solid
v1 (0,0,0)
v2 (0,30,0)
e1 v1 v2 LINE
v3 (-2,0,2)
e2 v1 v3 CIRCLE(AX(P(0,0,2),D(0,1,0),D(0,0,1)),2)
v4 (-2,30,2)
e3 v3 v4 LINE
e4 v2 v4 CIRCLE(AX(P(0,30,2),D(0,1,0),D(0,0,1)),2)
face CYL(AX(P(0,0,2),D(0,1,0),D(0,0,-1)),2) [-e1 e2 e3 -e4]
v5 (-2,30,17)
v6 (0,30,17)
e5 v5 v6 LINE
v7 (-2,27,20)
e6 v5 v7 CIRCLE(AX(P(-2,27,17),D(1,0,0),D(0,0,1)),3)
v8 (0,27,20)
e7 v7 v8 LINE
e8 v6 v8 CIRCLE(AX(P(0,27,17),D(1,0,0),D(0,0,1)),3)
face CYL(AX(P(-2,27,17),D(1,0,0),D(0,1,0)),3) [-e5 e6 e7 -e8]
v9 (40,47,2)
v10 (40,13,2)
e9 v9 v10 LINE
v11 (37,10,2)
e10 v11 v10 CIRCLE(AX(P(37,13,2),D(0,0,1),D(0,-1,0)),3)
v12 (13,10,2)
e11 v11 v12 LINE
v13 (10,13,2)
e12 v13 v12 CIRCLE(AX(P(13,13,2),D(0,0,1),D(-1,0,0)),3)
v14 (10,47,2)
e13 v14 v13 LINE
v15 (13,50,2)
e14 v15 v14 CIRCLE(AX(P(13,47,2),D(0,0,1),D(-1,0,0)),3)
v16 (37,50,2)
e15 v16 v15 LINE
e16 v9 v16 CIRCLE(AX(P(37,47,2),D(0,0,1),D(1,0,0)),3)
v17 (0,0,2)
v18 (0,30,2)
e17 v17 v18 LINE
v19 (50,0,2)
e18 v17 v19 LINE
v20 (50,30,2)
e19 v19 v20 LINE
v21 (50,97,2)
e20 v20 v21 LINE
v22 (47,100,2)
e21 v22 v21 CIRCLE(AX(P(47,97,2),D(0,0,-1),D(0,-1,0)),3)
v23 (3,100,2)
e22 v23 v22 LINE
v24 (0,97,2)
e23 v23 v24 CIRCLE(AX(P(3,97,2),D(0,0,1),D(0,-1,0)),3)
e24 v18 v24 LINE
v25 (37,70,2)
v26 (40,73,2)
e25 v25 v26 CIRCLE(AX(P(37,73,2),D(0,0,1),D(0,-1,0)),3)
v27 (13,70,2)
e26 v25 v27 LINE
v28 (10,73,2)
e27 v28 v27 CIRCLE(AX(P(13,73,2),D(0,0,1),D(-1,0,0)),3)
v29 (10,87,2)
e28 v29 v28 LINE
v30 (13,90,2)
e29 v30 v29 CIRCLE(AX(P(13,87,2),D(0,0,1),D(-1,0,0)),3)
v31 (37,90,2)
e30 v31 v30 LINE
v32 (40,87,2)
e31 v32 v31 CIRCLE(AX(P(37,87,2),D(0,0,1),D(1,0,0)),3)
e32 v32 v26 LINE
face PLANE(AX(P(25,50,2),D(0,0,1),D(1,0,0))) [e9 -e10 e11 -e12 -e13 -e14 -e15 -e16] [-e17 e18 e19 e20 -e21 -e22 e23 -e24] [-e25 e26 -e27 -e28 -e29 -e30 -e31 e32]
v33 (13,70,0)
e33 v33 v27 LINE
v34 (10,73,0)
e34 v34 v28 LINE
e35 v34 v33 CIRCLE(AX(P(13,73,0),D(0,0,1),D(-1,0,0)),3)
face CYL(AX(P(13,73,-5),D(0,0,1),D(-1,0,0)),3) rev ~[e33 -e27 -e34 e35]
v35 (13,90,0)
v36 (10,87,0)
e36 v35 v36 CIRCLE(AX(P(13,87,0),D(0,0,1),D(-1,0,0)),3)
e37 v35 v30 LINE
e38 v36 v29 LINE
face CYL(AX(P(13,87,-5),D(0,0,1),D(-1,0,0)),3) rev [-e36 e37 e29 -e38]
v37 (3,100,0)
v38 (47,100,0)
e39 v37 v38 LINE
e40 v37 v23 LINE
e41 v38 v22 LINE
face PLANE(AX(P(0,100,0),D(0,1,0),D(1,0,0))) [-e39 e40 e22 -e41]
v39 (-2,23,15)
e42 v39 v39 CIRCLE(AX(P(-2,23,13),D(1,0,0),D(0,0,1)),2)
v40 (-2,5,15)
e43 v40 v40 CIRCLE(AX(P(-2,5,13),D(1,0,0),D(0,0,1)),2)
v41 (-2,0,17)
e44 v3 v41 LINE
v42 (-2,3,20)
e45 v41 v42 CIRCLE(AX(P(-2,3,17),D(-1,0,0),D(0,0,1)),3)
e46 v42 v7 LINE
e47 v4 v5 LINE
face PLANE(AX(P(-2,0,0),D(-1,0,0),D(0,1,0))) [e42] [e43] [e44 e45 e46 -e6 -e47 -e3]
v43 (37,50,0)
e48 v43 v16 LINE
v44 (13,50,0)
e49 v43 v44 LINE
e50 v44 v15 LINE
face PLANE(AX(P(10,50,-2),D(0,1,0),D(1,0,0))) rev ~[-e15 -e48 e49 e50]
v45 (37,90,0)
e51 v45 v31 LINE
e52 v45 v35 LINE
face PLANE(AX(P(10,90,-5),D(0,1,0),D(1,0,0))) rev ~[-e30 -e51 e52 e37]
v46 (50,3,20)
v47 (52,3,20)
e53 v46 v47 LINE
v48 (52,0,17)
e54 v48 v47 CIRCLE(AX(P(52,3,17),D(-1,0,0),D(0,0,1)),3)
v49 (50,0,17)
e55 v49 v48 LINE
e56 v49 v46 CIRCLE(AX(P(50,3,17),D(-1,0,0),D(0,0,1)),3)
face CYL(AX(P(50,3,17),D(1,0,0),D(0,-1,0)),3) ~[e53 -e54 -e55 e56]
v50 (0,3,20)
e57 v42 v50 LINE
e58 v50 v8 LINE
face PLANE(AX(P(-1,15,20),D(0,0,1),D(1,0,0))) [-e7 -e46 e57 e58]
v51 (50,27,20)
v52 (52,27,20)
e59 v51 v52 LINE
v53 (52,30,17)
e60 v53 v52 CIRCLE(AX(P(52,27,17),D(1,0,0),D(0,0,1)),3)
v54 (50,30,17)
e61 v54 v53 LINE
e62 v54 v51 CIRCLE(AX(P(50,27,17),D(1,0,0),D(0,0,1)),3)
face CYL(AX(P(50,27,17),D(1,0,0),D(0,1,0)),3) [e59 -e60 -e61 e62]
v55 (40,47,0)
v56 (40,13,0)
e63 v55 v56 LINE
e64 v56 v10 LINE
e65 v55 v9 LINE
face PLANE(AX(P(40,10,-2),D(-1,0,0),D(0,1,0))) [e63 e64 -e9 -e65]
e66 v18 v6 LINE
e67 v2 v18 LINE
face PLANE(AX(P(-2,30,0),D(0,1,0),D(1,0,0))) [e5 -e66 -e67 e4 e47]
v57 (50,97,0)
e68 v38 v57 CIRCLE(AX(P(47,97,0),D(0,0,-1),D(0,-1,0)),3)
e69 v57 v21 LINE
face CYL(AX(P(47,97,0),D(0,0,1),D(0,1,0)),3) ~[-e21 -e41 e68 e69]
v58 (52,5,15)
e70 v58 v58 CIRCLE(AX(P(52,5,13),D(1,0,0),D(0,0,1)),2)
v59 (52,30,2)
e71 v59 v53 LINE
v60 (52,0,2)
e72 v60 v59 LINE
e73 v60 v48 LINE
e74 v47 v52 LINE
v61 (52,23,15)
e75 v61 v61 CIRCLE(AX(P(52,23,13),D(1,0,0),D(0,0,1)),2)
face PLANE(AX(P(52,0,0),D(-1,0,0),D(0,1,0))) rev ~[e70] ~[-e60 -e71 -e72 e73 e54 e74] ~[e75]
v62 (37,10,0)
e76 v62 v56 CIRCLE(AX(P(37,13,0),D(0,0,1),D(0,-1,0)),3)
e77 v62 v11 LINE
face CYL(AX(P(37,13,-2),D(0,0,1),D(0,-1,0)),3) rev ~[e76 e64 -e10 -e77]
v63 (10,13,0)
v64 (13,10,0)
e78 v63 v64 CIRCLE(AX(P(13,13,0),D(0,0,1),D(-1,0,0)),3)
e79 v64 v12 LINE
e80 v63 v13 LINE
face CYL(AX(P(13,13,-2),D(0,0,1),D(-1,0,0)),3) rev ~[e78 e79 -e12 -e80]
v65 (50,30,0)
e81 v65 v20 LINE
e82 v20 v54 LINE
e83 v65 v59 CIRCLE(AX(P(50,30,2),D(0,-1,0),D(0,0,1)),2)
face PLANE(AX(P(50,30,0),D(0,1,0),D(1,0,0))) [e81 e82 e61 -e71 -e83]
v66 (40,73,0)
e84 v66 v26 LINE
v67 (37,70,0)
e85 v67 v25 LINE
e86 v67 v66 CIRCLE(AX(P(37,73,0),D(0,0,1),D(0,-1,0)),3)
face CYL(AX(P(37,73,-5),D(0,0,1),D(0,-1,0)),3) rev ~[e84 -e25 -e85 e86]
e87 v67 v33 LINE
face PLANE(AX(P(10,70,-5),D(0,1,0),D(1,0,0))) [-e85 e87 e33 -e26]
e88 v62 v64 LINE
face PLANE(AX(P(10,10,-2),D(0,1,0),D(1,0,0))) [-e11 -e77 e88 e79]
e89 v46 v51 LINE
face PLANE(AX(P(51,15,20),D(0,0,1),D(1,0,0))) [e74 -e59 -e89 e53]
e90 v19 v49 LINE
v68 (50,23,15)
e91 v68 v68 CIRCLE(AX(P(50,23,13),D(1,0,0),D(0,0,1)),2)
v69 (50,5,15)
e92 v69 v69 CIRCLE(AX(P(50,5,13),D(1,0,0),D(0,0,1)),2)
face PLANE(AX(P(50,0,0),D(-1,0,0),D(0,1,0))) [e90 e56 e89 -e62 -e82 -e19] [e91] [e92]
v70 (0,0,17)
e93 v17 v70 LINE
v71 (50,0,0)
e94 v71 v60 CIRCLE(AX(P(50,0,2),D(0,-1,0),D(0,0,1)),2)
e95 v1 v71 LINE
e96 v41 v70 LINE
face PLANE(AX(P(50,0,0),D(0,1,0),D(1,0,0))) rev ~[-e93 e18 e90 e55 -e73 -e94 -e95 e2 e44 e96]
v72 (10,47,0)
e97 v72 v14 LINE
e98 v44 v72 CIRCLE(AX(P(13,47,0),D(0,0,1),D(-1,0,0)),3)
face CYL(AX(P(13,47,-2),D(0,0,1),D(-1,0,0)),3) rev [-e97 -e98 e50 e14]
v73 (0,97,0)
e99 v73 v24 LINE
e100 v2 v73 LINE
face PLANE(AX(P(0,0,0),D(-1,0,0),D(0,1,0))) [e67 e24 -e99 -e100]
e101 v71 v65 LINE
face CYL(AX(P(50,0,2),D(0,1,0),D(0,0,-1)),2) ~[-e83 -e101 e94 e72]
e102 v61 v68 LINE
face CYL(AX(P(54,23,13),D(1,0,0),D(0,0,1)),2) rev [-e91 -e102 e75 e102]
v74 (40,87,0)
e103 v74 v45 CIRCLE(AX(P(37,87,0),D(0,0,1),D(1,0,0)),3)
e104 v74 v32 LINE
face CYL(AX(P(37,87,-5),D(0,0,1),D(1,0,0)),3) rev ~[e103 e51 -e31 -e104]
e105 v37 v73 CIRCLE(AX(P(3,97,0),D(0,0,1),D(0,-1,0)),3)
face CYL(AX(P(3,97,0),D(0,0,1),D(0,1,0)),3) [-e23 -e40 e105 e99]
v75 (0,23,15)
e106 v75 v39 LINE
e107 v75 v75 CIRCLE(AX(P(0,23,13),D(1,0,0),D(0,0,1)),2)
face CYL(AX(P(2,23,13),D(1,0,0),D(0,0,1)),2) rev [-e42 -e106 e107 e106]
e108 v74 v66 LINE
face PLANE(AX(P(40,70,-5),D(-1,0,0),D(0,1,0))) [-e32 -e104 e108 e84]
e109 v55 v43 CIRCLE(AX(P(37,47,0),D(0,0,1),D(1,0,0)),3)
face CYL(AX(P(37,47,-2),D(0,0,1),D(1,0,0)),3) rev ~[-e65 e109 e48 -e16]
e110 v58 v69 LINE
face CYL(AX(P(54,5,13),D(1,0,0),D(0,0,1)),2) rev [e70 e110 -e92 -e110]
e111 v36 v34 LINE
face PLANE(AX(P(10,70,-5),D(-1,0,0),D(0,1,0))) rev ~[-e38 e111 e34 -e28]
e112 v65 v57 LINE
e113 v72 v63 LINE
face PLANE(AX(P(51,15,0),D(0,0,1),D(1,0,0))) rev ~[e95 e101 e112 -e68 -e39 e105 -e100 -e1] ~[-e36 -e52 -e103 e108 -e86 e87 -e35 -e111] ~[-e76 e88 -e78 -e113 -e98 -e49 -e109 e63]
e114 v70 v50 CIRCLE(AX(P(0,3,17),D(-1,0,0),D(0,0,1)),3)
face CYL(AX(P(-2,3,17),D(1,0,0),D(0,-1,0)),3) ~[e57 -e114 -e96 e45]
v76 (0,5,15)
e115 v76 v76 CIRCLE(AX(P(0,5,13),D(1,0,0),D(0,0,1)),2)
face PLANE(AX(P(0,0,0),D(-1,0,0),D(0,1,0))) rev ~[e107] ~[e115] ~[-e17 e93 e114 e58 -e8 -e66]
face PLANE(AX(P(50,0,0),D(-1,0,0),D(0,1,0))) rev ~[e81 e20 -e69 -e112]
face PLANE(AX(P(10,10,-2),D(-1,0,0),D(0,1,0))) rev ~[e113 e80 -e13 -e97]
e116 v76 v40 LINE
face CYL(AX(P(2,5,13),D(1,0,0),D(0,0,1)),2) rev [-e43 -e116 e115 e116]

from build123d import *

# Parameters (mm, degrees)
CYLINDER001_R     = 2
CYLINDER001_DEPTH = 10
CYLINDER_R        = 2
CYLINDER_DEPTH    = 10
BOX003_W          = 2
BOX003_H          = 30
BOX003_DEPTH      = 20
FILLET004_R       = 3
CYLINDER003_R     = 2
CYLINDER003_DEPTH = 10
CYLINDER002_R     = 2
CYLINDER002_DEPTH = 10
BOX004_W          = 2
BOX004_H          = 30
BOX004_DEPTH      = 20
FILLET005_R       = 3
BOX002_W          = 30
BOX002_H          = 40
BOX002_DEPTH      = 10
FILLET001_R       = 3
BOX001_W          = 30
BOX001_H          = 20
BOX001_DEPTH      = 10
FILLET_R          = 3
BOX_W             = 50
BOX_H             = 100
BOX_DEPTH         = 2
FILLET002_R       = 3
FILLET003_R       = 3
FILLET006_R       = 2
FILLET007_R       = 2


with BuildPart() as cilindre001:
    # Cylinder001 → Cylinder001 (new body)
    with BuildSketch(Plane(origin=(-10, 23, 13), x_dir=(0, 0, 1), z_dir=(-1, 0, 0))):
        Circle(CYLINDER001_R)
    extrude(amount=CYLINDER001_DEPTH)


with BuildPart() as cilindre:
    # Cylinder → Cylinder (new body)
    with BuildSketch(Plane(origin=(-10, 5, 13), x_dir=(0, 0, 1), z_dir=(-1, 0, 0))):
        Circle(CYLINDER_R)
    extrude(amount=CYLINDER_DEPTH)


with BuildPart() as cut003:
    # Box003 → Box003 (new body)
    with BuildSketch(Plane(origin=(-14, 0, 0), x_dir=(1, 0, 0), z_dir=(0, 0, 1))):
        with Locations((1, 15)):
            Rectangle(BOX003_W, BOX003_H)
    extrude(amount=BOX003_DEPTH)

    # Fillet004
    fillet004_edges = [cut003.edges().sort_by_distance(p)[0] for p in [
        (-13, 0, 20),
        (-13, 30, 20),
    ]]
    fillet(fillet004_edges, radius=FILLET004_R)

    # Cut002: cut Cilindre
    add(cilindre.part, mode=Mode.SUBTRACT)

    # Cut003: cut Cilindre001
    add(cilindre001.part, mode=Mode.SUBTRACT)


with BuildPart() as cut003_1:
    # Cut003 placement: moved
    add(cut003.part.moved(Location((12, 0, 0))))


with BuildPart() as cilindre003:
    # Cylinder003 → Cylinder003 (new body)
    with BuildSketch(Plane(origin=(-10, 23, 13), x_dir=(0, 0, 1), z_dir=(-1, 0, 0))):
        Circle(CYLINDER003_R)
    extrude(amount=CYLINDER003_DEPTH)


with BuildPart() as cilindre002:
    # Cylinder002 → Cylinder002 (new body)
    with BuildSketch(Plane(origin=(-10, 5, 13), x_dir=(0, 0, 1), z_dir=(-1, 0, 0))):
        Circle(CYLINDER002_R)
    extrude(amount=CYLINDER002_DEPTH)


with BuildPart() as cut005:
    # Box004 → Box004 (new body)
    with BuildSketch(Plane(origin=(-14, 0, 0), x_dir=(1, 0, 0), z_dir=(0, 0, 1))):
        with Locations((1, 15)):
            Rectangle(BOX004_W, BOX004_H)
    extrude(amount=BOX004_DEPTH)

    # Fillet005
    fillet005_edges = [cut005.edges().sort_by_distance(p)[0] for p in [
        (-13, 0, 20),
        (-13, 30, 20),
    ]]
    fillet(fillet005_edges, radius=FILLET005_R)

    # Cut004: cut Cilindre002
    add(cilindre002.part, mode=Mode.SUBTRACT)

    # Cut005: cut Cilindre003
    add(cilindre003.part, mode=Mode.SUBTRACT)


with BuildPart() as cut005_1:
    # Cut005 placement: moved
    add(cut005.part.moved(Location((64, 0, 0))))


with BuildPart() as fillet001:
    # Box002 → Box002 (new body)
    with BuildSketch(Plane(origin=(10, 10, -2), x_dir=(1, 0, 0), z_dir=(0, 0, 1))):
        with Locations((15, 20)):
            Rectangle(BOX002_W, BOX002_H)
    extrude(amount=BOX002_DEPTH)

    # Fillet001
    fillet001_edges = [fillet001.edges().sort_by_distance(p)[0] for p in [
        (10, 10, 3),
        (10, 50, 3),
        (40, 10, 3),
        (40, 50, 3),
    ]]
    fillet(fillet001_edges, radius=FILLET001_R)


with BuildPart() as fillet_body:
    # Box001 → Box001 (new body)
    with BuildSketch(Plane(origin=(10, 70, 0), x_dir=(1, 0, 0), z_dir=(0, 0, 1))):
        with Locations((15, 10)):
            Rectangle(BOX001_W, BOX001_H)
    extrude(amount=BOX001_DEPTH)

    # Fillet
    fillet_edges = [fillet_body.edges().sort_by_distance(p)[0] for p in [
        (10, 70, 5),
        (10, 90, 5),
        (40, 70, 5),
        (40, 90, 5),
    ]]
    fillet(fillet_edges, radius=FILLET_R)


with BuildPart() as fillet_body_1:
    # Fillet placement: moved
    add(fillet_body.part.moved(Location((0, 0, -5))))


with BuildPart() as fillet007:
    # Box → Box (new body)
    with BuildSketch(Plane.XY):
        with Locations((25, 50)):
            Rectangle(BOX_W, BOX_H)
    extrude(amount=BOX_DEPTH)

    # Cut: cut Fillet body
    add(fillet_body_1.part, mode=Mode.SUBTRACT)

    # Cut001: cut Fillet001
    add(fillet001.part, mode=Mode.SUBTRACT)

    # Fillet002
    fillet002_edges = [fillet007.edges().sort_by_distance(p)[0] for p in [
        (50, 100, 1),
    ]]
    fillet(fillet002_edges, radius=FILLET002_R)

    # Fillet003
    fillet003_edges = [fillet007.edges().sort_by_distance(p)[0] for p in [
        (0, 100, 1),
    ]]
    fillet(fillet003_edges, radius=FILLET003_R)

    # Fusion: union Cut003, Cut005
    add(cut003_1.part)
    add(cut005_1.part)

    # Fillet006
    fillet006_edges = [fillet007.edges().sort_by_distance(p)[0] for p in [
        (-2, 15, 0),
    ]]
    fillet(fillet006_edges, radius=FILLET006_R)

    # Fillet007
    fillet007_edges = [fillet007.edges().sort_by_distance(p)[0] for p in [
        (52, 15, 0),
    ]]
    fillet(fillet007_edges, radius=FILLET007_R)


solid = fillet007.part
